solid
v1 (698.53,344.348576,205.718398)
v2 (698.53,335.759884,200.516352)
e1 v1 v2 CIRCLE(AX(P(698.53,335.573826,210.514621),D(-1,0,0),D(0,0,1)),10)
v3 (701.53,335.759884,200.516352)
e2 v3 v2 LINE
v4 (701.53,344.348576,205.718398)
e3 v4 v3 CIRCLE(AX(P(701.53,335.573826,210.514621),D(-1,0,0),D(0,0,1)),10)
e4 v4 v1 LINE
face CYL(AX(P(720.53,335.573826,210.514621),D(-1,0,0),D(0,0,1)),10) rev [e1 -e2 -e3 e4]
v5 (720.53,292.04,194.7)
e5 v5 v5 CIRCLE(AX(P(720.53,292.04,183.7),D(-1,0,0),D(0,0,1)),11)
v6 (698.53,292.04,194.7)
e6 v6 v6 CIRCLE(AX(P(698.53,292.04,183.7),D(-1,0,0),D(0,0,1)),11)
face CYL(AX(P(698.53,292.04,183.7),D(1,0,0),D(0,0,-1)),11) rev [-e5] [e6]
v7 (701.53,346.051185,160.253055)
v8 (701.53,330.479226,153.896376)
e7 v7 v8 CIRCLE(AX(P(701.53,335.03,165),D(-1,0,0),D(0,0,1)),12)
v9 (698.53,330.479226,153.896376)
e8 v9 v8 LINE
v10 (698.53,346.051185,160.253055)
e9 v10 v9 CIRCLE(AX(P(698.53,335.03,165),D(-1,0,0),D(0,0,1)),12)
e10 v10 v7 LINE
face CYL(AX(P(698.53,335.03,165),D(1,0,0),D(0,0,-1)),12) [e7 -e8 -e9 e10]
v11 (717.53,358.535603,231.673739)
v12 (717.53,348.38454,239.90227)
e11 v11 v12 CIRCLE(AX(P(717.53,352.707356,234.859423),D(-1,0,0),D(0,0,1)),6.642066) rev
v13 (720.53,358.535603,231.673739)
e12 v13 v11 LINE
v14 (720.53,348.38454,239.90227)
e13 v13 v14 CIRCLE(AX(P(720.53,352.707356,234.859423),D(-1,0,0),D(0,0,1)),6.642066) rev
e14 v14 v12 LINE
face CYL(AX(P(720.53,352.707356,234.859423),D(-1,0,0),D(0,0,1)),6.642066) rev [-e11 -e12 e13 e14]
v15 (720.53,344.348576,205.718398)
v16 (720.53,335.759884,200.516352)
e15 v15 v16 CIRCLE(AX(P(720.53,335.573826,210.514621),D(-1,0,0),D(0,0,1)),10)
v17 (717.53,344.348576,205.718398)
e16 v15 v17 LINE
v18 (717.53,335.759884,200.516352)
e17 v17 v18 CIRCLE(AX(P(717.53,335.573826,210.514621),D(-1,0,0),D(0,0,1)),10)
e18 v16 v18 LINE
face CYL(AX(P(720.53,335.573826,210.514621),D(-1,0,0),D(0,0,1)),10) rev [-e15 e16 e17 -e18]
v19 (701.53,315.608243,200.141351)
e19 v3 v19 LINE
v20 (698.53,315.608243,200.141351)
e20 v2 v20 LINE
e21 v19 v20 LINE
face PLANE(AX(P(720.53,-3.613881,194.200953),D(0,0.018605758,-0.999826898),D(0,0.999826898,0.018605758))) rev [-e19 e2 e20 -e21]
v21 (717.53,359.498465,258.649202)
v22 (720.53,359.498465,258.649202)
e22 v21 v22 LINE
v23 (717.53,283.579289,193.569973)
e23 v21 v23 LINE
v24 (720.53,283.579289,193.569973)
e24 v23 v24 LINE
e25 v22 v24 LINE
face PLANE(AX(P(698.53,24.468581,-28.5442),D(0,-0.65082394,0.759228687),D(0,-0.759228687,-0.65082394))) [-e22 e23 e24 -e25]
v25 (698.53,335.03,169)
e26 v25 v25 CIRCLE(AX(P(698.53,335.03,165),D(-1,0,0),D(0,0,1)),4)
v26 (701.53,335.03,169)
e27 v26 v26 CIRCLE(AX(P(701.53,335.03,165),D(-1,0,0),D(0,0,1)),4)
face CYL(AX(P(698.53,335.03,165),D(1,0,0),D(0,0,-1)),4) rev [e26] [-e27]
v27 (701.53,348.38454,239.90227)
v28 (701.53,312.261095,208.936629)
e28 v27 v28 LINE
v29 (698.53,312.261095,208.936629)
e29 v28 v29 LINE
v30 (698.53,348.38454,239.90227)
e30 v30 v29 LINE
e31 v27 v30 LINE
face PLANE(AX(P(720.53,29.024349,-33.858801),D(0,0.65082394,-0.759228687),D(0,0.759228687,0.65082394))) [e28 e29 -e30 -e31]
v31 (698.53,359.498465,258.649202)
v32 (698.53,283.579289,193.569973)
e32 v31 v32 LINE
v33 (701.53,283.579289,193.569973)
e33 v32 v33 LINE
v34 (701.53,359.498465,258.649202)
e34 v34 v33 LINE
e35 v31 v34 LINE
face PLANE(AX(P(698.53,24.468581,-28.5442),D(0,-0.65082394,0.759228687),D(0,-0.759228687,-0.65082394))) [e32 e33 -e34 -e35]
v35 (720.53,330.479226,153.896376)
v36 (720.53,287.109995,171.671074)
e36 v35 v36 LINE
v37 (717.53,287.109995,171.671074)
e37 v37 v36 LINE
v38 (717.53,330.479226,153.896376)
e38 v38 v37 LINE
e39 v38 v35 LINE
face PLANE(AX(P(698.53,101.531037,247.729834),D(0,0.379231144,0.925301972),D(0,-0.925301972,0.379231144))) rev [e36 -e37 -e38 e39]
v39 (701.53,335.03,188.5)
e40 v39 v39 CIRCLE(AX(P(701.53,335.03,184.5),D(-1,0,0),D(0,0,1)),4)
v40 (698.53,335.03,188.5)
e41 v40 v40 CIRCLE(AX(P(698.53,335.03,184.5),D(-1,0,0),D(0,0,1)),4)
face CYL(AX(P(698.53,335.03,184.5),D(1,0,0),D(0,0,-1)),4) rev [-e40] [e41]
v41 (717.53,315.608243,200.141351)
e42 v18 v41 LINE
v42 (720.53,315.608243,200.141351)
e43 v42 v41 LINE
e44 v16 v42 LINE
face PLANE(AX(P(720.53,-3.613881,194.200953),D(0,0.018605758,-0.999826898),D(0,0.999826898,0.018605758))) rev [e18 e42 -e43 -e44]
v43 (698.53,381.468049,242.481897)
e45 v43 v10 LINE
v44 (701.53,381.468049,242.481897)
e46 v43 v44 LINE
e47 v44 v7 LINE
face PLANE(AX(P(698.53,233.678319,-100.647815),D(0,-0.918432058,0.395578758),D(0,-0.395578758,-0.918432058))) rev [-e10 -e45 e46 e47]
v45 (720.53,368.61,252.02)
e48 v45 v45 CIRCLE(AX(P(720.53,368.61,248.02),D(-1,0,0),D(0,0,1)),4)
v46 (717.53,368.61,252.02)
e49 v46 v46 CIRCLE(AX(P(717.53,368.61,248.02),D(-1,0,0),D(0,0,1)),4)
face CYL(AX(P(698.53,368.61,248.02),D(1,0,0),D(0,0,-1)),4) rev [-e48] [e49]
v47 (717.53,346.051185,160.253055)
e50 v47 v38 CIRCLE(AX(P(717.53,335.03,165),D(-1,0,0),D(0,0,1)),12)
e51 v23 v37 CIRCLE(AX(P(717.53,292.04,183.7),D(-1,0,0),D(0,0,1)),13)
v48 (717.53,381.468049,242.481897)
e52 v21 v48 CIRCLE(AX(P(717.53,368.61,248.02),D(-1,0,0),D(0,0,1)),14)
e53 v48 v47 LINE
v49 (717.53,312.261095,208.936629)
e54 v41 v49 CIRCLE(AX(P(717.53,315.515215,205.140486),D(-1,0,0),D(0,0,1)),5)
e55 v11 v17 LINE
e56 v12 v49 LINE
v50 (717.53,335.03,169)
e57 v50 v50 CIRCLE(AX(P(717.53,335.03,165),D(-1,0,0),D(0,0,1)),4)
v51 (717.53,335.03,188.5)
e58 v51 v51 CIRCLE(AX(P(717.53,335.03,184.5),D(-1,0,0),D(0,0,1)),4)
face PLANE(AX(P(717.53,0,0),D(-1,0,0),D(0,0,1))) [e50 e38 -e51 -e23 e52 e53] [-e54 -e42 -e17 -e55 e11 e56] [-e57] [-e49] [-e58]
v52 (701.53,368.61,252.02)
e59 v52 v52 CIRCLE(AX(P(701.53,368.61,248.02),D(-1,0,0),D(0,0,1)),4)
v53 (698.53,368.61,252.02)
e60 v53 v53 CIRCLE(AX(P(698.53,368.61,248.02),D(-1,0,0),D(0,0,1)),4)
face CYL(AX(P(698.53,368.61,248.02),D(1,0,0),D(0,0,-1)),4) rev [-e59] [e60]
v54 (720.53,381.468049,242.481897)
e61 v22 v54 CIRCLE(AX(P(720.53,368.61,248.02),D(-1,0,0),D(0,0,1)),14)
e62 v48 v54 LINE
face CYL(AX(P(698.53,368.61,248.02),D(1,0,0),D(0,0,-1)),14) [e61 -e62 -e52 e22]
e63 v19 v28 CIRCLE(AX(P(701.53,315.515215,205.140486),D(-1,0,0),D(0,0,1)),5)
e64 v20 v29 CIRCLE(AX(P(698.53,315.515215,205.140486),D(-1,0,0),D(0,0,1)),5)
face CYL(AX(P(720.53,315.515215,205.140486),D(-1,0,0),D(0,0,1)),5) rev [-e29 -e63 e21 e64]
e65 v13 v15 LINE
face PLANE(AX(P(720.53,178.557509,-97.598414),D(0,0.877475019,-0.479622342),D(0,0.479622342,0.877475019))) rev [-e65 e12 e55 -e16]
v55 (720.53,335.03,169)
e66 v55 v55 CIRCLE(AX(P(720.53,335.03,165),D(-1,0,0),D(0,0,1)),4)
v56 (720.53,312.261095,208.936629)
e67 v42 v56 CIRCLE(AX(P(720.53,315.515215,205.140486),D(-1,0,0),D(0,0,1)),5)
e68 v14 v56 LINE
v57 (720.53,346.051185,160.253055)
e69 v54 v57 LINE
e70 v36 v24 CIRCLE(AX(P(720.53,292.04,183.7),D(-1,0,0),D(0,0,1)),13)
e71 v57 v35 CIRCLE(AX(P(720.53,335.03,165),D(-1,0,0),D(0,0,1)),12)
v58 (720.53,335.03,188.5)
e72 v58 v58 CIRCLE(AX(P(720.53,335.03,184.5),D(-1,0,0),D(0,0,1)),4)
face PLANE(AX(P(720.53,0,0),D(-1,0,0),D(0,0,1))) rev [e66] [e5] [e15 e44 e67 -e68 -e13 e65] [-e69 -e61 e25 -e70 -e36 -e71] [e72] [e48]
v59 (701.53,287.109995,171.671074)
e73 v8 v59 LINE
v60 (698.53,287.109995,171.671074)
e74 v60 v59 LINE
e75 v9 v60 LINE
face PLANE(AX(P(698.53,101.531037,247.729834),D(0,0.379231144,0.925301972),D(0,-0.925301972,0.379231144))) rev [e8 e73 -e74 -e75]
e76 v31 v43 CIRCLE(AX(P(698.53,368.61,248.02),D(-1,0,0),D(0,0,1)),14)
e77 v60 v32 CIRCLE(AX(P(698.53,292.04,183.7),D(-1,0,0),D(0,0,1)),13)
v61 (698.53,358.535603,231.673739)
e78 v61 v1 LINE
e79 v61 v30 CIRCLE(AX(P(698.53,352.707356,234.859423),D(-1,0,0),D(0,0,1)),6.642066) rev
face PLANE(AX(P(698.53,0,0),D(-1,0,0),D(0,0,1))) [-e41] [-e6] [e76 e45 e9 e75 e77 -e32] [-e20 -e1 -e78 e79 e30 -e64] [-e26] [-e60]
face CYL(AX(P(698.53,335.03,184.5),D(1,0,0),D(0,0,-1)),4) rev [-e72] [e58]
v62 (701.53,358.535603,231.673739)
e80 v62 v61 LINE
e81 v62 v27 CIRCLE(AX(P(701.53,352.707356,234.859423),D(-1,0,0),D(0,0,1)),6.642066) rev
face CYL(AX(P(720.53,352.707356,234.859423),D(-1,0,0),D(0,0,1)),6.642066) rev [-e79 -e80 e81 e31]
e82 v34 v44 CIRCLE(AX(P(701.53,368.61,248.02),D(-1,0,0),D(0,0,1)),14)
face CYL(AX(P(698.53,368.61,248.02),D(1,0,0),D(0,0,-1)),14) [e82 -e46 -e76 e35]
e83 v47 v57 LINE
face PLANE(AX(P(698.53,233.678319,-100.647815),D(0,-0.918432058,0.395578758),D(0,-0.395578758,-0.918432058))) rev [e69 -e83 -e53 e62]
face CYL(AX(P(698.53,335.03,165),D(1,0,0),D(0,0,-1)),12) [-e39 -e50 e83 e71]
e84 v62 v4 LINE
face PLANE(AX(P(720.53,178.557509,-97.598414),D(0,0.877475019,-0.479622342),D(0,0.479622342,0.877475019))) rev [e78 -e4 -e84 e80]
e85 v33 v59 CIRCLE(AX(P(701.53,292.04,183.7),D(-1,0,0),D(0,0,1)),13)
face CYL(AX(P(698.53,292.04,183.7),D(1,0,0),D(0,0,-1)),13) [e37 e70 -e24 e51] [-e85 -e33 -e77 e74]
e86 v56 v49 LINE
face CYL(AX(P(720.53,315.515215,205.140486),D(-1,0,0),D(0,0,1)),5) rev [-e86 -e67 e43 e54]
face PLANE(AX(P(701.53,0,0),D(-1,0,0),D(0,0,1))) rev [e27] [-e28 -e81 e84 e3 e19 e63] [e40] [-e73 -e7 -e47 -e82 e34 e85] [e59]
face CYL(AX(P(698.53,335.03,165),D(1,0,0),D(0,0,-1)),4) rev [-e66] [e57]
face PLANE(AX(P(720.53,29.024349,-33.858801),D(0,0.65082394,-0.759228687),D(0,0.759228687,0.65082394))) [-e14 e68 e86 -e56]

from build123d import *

# Parameters (mm, degrees)
SKETCH1_R               = 4
SKETCH1_R_2             = 11
BOSS_EXTRUDE2_DEPTH     = 11
SKETCH1_8_R             = 4
CUT_EXTRUDE1_DEPTH      = 8
CUT_EXTRUDE2_DEPTH      = 1
CUT_EXTRUDE2_DEPTH_BACK = 23
SKETCH6_R               = 4
BOSS_EXTRUDE8_DEPTH     = 11
SKETCH6_6_R             = 4
CUT_EXTRUDE3_DEPTH      = 8


with BuildPart() as part:
    # Sketch1 → Boss-Extrude2 (new body, symmetric)
    with BuildSketch(Plane.ZY.offset(-709.53)):
        with BuildLine():
            Line((193.569972926, 283.579288774), (258.649201612, 359.498464834))
            ThreePointArc((258.649201612, 359.498464834), (258.8956606, 377.425895105), (241.305287216, 380.894650269))
            Line((241.305287216, 380.894650269), (178.264909558, 346.43717525))
            ThreePointArc((178.264909558, 346.43717525), (173.380579242, 341.764870601), (171.502250327, 335.271874849))
            Line((171.502250327, 335.271874849), (170.702250327, 292.281874849))
            ThreePointArc((170.702250327, 292.281874849), (179.076203082, 279.89008222), (193.569972926, 283.579288774))
        make_face()
        with Locations((248.02, 368.61)):
            Circle(SKETCH1_R, mode=Mode.SUBTRACT)
        with Locations((184.5, 335.03)):
            Circle(SKETCH1_R, mode=Mode.SUBTRACT)
        with Locations((183.7, 292.04)):
            Circle(SKETCH1_R_2, mode=Mode.SUBTRACT)
    extrude(amount=BOSS_EXTRUDE2_DEPTH, both=True)

    # Sketch1_8 → Cut-Extrude1 (cut, symmetric)
    with BuildSketch(Plane.ZY.offset(-709.53)):
        with BuildLine():
            Line((193.569972926, 283.579288774), (258.649201612, 359.498464834))
            ThreePointArc((258.649201612, 359.498464834), (258.8956606, 377.425895105), (241.305287216, 380.894650269))
            Line((241.305287216, 380.894650269), (178.264909558, 346.43717525))
            ThreePointArc((178.264909558, 346.43717525), (173.380579242, 341.764870601), (171.502250327, 335.271874849))
            Line((171.502250327, 335.271874849), (170.702250327, 292.281874849))
            ThreePointArc((170.702250327, 292.281874849), (188.323796918, 304.18991778), (193.569972926, 283.579288774))
        make_face()
        with Locations((248.02, 368.61)):
            Circle(SKETCH1_8_R, mode=Mode.SUBTRACT)
        with Locations((184.5, 335.03)):
            Circle(SKETCH1_8_R, mode=Mode.SUBTRACT)
    extrude(amount=CUT_EXTRUDE1_DEPTH, both=True, mode=Mode.SUBTRACT)

    # Sketch5 → Cut-Extrude2 (cut, two sides)
    with BuildSketch(Plane.ZY.offset(-698.53)) as cut_extrude2_sk:
        with BuildLine():
            Line((231.673739179, 358.535602781), (205.718398062, 344.348576127))
            ThreePointArc((205.718398062, 344.348576127), (201.961220896, 340.754495628), (200.5163525, 335.75988351))
            Line((200.5163525, 335.75988351), (200.141351056, 315.608243405))
            ThreePointArc((200.141351056, 315.608243405), (203.362102115, 310.842169317), (208.936628978, 312.261094915))
            Line((208.936628978, 312.261094915), (239.902269766, 348.384539863))
            ThreePointArc((239.902269766, 348.384539863), (240.019198117, 356.889909813), (231.673739179, 358.535602781))
        make_face()
    extrude(amount=CUT_EXTRUDE2_DEPTH, mode=Mode.SUBTRACT)
    extrude(cut_extrude2_sk.sketch, amount=-CUT_EXTRUDE2_DEPTH_BACK, mode=Mode.SUBTRACT)

    # Sketch6 → Boss-Extrude8 (add, symmetric)
    with BuildSketch(Plane.ZY.offset(-709.53)):
        with BuildLine():
            ThreePointArc((160.253054899, 346.051184701), (153.890022283, 339.565239259), (153.896376335, 330.479226273))
            Line((153.896376335, 330.479226273), (171.671074363, 287.109995129))
            ThreePointArc((171.671074363, 287.109995129), (170.922257468, 289.64640526), (170.702250327, 292.281874849))
            Line((170.702250327, 292.281874849), (171.502250327, 335.271874849))
            ThreePointArc((171.502250327, 335.271874849), (173.380579242, 341.764870601), (178.264909558, 346.43717525))
            Line((178.264909558, 346.43717525), (241.305287216, 380.894650269))
            ThreePointArc((241.305287216, 380.894650269), (241.886887594, 381.195107557), (242.481897383, 381.468048818))
            Line((242.481897383, 381.468048818), (160.253054899, 346.051184701))
        make_face()
        with Locations((165, 335.03)):
            Circle(SKETCH6_R, mode=Mode.SUBTRACT)
    extrude(amount=BOSS_EXTRUDE8_DEPTH, both=True)

    # Sketch6_6 → Cut-Extrude3 (cut, symmetric)
    with BuildSketch(Plane.ZY.offset(-709.53)):
        with BuildLine():
            ThreePointArc((160.253054899, 346.051184701), (153.890022283, 339.565239259), (153.896376335, 330.479226273))
            Line((153.896376335, 330.479226273), (171.671074363, 287.109995129))
            ThreePointArc((171.671074363, 287.109995129), (170.922257468, 289.64640526), (170.702250327, 292.281874849))
            Line((170.702250327, 292.281874849), (171.502250327, 335.271874849))
            ThreePointArc((171.502250327, 335.271874849), (173.380579242, 341.764870601), (178.264909558, 346.43717525))
            Line((178.264909558, 346.43717525), (241.305287216, 380.894650269))
            ThreePointArc((241.305287216, 380.894650269), (241.886887594, 381.195107557), (242.481897383, 381.468048818))
            Line((242.481897383, 381.468048818), (160.253054899, 346.051184701))
        make_face()
        with Locations((165, 335.03)):
            Circle(SKETCH6_6_R, mode=Mode.SUBTRACT)
    extrude(amount=CUT_EXTRUDE3_DEPTH, both=True, mode=Mode.SUBTRACT)


solid = part.part
